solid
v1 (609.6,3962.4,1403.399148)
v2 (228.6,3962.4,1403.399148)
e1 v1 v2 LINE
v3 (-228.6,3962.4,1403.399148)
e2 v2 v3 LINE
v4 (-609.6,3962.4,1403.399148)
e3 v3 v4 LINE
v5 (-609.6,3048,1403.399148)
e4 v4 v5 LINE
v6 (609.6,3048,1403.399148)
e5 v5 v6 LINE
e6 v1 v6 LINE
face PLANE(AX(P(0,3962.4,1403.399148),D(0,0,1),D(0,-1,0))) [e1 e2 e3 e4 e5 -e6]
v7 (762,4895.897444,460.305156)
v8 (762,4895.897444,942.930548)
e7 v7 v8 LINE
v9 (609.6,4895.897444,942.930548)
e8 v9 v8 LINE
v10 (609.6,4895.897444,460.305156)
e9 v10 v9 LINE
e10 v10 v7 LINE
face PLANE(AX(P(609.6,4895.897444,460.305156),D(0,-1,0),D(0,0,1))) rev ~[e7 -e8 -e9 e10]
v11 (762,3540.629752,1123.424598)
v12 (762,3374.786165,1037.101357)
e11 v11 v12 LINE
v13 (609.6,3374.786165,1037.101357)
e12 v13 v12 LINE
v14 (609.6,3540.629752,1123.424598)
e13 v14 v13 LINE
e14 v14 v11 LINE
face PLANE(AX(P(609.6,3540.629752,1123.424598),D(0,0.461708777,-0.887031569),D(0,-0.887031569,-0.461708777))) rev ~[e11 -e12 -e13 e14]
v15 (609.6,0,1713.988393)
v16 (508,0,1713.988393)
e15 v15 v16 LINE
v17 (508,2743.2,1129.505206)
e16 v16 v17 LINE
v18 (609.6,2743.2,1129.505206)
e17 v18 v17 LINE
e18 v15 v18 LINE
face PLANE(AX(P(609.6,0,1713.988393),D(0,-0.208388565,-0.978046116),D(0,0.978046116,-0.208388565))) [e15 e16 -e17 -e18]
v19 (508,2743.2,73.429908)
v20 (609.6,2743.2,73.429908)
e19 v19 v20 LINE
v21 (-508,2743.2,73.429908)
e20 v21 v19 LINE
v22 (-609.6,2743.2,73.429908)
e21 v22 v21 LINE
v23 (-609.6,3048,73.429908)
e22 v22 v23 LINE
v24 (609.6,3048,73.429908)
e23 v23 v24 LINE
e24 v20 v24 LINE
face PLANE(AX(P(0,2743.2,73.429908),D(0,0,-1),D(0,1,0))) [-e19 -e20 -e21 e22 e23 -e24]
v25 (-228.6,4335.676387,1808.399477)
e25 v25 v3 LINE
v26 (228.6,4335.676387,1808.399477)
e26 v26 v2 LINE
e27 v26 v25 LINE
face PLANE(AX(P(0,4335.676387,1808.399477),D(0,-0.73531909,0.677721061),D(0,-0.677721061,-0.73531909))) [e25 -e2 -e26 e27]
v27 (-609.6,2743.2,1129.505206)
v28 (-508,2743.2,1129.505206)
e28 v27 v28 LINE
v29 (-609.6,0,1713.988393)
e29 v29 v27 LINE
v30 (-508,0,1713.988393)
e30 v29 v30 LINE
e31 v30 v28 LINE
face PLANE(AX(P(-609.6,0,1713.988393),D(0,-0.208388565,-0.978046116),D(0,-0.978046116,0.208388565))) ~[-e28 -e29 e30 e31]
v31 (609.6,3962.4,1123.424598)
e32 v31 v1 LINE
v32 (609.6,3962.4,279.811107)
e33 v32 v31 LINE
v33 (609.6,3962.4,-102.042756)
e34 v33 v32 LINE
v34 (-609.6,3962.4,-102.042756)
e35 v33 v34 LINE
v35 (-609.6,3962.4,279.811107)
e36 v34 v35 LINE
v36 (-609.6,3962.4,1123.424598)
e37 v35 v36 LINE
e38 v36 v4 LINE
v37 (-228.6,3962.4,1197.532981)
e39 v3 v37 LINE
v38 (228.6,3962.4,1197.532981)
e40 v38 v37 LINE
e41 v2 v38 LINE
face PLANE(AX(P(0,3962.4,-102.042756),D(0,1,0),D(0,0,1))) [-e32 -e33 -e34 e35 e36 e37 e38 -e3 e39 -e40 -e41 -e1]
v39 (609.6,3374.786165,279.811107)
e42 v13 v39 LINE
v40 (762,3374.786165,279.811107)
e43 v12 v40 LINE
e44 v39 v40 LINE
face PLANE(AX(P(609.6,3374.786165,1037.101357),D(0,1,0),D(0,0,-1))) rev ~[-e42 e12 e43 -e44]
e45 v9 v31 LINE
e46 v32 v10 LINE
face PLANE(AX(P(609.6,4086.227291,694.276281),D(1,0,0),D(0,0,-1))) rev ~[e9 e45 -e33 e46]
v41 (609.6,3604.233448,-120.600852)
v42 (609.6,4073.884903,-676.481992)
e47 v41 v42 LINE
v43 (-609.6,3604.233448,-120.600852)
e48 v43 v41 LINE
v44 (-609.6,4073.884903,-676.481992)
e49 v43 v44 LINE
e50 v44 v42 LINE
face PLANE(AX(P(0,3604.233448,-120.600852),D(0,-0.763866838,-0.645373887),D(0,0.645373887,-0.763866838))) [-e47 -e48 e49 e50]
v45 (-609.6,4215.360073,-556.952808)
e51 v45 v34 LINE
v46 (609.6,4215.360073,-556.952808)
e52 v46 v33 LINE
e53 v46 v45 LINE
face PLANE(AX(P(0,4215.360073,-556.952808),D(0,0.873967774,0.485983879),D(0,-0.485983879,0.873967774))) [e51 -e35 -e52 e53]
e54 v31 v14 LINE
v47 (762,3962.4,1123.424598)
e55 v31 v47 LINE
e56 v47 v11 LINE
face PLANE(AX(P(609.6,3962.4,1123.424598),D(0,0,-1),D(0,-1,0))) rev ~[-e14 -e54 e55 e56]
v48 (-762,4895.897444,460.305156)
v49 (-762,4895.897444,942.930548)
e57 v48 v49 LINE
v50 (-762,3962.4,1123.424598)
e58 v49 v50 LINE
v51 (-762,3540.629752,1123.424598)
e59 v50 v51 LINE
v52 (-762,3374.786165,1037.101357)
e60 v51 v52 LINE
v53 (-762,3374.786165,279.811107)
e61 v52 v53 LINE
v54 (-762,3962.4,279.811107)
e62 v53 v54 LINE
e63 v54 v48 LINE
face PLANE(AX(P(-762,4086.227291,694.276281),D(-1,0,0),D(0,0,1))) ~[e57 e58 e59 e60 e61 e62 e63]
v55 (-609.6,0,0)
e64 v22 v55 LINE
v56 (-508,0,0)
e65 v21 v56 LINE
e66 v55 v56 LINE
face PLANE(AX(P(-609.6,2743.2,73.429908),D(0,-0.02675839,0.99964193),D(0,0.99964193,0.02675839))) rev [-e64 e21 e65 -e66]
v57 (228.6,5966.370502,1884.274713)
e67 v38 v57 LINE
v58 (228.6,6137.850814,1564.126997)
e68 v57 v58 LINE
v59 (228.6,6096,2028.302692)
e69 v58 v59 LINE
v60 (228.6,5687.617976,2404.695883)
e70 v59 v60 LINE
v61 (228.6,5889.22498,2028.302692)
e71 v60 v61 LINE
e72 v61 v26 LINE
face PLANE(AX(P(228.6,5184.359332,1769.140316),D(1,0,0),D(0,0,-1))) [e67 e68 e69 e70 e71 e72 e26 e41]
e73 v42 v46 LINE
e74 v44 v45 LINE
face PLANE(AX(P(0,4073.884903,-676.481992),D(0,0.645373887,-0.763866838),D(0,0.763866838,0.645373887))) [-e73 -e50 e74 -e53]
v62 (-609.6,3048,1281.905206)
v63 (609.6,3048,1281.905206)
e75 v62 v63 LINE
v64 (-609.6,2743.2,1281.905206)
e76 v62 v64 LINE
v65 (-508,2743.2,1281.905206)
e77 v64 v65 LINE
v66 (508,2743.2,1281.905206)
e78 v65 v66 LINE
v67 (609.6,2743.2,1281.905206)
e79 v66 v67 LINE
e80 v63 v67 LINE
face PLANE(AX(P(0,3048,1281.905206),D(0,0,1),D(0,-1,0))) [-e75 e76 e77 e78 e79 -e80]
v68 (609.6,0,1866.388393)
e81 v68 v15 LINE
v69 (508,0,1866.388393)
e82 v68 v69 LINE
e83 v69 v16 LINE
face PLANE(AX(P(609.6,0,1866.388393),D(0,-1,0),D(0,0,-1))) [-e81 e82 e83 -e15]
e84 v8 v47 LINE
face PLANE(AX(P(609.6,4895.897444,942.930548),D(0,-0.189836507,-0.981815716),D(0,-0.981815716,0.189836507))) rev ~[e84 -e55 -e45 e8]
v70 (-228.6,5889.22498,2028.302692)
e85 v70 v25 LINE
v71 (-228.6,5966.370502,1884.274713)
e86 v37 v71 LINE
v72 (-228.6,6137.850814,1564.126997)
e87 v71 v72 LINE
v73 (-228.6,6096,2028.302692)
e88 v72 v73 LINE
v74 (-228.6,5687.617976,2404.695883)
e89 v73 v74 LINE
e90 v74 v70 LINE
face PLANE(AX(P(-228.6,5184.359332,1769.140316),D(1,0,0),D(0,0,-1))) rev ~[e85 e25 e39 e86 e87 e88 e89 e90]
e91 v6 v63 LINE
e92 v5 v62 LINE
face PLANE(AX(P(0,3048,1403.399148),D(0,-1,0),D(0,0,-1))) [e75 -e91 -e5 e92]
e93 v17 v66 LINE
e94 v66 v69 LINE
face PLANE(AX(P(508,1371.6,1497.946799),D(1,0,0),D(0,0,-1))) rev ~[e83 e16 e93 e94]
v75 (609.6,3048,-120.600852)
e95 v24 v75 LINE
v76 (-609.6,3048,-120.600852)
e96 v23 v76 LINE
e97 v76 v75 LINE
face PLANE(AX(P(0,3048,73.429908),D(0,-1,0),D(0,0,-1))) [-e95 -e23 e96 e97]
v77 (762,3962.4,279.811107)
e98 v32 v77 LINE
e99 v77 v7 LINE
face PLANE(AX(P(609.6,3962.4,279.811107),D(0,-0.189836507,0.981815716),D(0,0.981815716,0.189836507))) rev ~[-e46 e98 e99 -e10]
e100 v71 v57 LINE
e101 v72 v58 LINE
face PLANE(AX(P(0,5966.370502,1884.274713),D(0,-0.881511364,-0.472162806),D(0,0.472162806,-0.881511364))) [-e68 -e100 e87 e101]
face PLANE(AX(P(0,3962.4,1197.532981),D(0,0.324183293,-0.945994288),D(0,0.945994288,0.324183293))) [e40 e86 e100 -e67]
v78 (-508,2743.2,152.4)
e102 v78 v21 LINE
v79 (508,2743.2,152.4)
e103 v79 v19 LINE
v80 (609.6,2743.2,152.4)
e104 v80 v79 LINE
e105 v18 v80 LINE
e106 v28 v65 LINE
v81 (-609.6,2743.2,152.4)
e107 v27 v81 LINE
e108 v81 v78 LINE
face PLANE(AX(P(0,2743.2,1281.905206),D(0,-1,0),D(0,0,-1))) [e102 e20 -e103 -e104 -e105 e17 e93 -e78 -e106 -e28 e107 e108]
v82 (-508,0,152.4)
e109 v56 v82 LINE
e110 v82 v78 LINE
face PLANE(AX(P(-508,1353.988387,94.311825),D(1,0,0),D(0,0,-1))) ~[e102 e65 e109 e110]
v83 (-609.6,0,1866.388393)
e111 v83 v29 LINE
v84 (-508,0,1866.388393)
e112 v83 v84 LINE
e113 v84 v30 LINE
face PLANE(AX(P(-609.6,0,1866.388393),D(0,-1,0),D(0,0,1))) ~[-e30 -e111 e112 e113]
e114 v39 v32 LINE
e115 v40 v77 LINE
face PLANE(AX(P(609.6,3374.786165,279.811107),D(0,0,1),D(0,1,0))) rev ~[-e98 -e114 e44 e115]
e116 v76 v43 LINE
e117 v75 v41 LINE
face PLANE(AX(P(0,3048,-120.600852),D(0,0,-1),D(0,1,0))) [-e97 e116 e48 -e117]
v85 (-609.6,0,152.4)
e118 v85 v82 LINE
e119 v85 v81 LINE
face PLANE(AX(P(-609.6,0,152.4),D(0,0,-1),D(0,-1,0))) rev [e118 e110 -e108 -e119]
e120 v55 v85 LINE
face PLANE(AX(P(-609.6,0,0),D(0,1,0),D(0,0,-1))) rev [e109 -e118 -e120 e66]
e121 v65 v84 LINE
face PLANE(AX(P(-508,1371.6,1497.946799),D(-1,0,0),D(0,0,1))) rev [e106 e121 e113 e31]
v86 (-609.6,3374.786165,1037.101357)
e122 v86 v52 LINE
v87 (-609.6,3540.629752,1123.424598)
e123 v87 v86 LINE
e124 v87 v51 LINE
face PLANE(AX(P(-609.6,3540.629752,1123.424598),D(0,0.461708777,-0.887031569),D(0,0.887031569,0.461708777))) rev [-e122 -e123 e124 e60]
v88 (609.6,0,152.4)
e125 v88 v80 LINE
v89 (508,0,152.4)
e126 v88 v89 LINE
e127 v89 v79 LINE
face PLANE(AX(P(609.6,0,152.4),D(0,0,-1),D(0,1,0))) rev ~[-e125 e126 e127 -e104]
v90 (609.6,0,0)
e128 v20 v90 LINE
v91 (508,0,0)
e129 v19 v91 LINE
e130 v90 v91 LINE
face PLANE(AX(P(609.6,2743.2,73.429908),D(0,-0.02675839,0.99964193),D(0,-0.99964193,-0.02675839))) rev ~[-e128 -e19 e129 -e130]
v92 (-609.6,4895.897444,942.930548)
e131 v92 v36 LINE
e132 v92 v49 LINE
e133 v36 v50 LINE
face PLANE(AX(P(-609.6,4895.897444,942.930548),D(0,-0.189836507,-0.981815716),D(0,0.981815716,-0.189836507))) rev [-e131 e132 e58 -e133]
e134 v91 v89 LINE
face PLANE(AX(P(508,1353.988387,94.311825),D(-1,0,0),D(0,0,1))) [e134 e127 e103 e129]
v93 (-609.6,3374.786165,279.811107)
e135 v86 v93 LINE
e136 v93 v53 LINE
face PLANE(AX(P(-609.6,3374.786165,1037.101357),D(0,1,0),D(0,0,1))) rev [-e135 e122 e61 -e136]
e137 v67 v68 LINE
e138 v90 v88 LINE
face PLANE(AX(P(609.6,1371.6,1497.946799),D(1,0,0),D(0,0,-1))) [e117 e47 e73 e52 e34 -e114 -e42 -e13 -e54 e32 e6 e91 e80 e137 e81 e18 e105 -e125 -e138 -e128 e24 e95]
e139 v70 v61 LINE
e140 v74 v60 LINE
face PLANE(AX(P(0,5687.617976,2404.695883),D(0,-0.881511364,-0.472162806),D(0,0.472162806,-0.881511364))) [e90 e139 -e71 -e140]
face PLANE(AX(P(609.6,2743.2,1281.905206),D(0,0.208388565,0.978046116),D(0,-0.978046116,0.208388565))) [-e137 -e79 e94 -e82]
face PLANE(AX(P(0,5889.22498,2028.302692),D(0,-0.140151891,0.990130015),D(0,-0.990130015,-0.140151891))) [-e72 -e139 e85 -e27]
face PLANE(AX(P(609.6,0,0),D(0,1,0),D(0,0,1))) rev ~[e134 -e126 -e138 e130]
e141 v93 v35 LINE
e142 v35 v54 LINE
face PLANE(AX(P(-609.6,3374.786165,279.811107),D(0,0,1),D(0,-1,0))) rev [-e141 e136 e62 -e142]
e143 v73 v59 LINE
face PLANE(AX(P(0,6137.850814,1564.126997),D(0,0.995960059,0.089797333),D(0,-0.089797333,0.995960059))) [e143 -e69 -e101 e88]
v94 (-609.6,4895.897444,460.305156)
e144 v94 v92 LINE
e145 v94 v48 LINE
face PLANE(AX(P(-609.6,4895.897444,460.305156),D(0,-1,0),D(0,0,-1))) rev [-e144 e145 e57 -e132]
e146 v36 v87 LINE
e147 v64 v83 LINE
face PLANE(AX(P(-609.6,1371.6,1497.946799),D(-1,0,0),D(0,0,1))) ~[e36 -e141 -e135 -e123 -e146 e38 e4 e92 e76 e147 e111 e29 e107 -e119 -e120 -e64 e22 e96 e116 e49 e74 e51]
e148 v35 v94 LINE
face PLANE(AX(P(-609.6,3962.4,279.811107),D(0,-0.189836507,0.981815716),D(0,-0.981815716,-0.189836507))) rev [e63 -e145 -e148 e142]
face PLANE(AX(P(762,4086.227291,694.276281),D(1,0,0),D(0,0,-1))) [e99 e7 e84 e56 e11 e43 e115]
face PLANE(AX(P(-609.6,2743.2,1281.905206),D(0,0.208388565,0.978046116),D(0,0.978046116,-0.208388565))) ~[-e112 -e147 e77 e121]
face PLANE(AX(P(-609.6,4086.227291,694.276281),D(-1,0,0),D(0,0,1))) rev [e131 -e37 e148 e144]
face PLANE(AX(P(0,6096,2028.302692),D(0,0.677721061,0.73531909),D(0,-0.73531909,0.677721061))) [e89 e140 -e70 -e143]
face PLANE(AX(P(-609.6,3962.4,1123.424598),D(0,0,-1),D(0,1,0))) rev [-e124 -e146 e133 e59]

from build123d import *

# Parameters (mm, degrees)
BOSS_EXTRUDE1_DEPTH = 609.6
BOSS_EXTRUDE2_DEPTH = 228.6
BOSS_EXTRUDE3_DEPTH = 101.6
BOSS_EXTRUDE4_DEPTH = 152.4


with BuildPart() as part:
    # Sketch3 → Boss-Extrude1 (new, symmetric)
    with BuildSketch(Plane(origin=(0, 0, 0), x_dir=(0, 0, -1), z_dir=(1, 0, 0))):
        Polygon((-1403.399147583, 3962.4), (-1403.399147583, 3048), (-1281.905205668, 3048), (-1281.905205668, 2743.2), (-73.429907916, 2743.2), (-73.429907916, 3048), (120.600852417, 3048), (120.600852417, 3604.233447538), (676.481992438, 4073.884902835), (556.952807671, 4215.360072867), (102.042755684, 3962.4), align=None)
    extrude(amount=BOSS_EXTRUDE1_DEPTH, both=True)

    # Sketch4 → Boss-Extrude2 (add, symmetric)
    with BuildSketch(Plane(origin=(0, 0, 0), x_dir=(0, 0, -1), z_dir=(1, 0, 0))):
        Polygon((-1197.532980631, 3962.4), (-1884.274712895, 5966.37050229), (-1564.126997016, 6137.850814454), (-2028.302691776, 6096), (-2404.695882916, 5687.617975671), (-2028.302691776, 5889.224979914), (-1808.399476915, 4335.676386542), (-1403.399147583, 3962.4), align=None)
    extrude(amount=BOSS_EXTRUDE2_DEPTH, both=True)

    # Sketch5 → Boss-Extrude3 (add)
    with BuildSketch(Plane(origin=(609.6, 0, 0), x_dir=(0, 0, -1), z_dir=(1, 0, 0))):
        Polygon((-1281.905205668, 2743.2), (-1866.388393206, 0), (-1713.988393206, 0), (-1129.505205668, 2743.2), align=None)
        Polygon((-73.429907916, 2743.2), (0, 0), (-152.4, 0), (-152.4, 2743.2), align=None)
    boss_extrude3 = extrude(amount=-BOSS_EXTRUDE3_DEPTH)

    # Mirror1: Boss-Extrude3 across plane
    add(boss_extrude3.mirror(Plane(origin=(0, 0, 0), x_dir=(0, 0, 1), z_dir=(1, 0, 0))))

    # Sketch6 → Boss-Extrude4 (add)
    with BuildSketch(Plane(origin=(609.6, 0, 0), x_dir=(0, 0, -1), z_dir=(1, 0, 0))):
        Polygon((-942.930548368, 4895.897444272), (-1123.424597624, 3962.4), (-1123.424597624, 3540.629752292), (-1037.101356676, 3374.786165086), (-279.811106534, 3374.786165086), (-279.811106534, 3962.4), (-460.305155791, 4895.897444272), align=None)
    boss_extrude4 = extrude(amount=BOSS_EXTRUDE4_DEPTH)

    # Mirror2: Boss-Extrude4 across plane
    add(boss_extrude4.mirror(Plane(origin=(0, 0, 0), x_dir=(0, 0, 1), z_dir=(1, 0, 0))))


solid = part.part
